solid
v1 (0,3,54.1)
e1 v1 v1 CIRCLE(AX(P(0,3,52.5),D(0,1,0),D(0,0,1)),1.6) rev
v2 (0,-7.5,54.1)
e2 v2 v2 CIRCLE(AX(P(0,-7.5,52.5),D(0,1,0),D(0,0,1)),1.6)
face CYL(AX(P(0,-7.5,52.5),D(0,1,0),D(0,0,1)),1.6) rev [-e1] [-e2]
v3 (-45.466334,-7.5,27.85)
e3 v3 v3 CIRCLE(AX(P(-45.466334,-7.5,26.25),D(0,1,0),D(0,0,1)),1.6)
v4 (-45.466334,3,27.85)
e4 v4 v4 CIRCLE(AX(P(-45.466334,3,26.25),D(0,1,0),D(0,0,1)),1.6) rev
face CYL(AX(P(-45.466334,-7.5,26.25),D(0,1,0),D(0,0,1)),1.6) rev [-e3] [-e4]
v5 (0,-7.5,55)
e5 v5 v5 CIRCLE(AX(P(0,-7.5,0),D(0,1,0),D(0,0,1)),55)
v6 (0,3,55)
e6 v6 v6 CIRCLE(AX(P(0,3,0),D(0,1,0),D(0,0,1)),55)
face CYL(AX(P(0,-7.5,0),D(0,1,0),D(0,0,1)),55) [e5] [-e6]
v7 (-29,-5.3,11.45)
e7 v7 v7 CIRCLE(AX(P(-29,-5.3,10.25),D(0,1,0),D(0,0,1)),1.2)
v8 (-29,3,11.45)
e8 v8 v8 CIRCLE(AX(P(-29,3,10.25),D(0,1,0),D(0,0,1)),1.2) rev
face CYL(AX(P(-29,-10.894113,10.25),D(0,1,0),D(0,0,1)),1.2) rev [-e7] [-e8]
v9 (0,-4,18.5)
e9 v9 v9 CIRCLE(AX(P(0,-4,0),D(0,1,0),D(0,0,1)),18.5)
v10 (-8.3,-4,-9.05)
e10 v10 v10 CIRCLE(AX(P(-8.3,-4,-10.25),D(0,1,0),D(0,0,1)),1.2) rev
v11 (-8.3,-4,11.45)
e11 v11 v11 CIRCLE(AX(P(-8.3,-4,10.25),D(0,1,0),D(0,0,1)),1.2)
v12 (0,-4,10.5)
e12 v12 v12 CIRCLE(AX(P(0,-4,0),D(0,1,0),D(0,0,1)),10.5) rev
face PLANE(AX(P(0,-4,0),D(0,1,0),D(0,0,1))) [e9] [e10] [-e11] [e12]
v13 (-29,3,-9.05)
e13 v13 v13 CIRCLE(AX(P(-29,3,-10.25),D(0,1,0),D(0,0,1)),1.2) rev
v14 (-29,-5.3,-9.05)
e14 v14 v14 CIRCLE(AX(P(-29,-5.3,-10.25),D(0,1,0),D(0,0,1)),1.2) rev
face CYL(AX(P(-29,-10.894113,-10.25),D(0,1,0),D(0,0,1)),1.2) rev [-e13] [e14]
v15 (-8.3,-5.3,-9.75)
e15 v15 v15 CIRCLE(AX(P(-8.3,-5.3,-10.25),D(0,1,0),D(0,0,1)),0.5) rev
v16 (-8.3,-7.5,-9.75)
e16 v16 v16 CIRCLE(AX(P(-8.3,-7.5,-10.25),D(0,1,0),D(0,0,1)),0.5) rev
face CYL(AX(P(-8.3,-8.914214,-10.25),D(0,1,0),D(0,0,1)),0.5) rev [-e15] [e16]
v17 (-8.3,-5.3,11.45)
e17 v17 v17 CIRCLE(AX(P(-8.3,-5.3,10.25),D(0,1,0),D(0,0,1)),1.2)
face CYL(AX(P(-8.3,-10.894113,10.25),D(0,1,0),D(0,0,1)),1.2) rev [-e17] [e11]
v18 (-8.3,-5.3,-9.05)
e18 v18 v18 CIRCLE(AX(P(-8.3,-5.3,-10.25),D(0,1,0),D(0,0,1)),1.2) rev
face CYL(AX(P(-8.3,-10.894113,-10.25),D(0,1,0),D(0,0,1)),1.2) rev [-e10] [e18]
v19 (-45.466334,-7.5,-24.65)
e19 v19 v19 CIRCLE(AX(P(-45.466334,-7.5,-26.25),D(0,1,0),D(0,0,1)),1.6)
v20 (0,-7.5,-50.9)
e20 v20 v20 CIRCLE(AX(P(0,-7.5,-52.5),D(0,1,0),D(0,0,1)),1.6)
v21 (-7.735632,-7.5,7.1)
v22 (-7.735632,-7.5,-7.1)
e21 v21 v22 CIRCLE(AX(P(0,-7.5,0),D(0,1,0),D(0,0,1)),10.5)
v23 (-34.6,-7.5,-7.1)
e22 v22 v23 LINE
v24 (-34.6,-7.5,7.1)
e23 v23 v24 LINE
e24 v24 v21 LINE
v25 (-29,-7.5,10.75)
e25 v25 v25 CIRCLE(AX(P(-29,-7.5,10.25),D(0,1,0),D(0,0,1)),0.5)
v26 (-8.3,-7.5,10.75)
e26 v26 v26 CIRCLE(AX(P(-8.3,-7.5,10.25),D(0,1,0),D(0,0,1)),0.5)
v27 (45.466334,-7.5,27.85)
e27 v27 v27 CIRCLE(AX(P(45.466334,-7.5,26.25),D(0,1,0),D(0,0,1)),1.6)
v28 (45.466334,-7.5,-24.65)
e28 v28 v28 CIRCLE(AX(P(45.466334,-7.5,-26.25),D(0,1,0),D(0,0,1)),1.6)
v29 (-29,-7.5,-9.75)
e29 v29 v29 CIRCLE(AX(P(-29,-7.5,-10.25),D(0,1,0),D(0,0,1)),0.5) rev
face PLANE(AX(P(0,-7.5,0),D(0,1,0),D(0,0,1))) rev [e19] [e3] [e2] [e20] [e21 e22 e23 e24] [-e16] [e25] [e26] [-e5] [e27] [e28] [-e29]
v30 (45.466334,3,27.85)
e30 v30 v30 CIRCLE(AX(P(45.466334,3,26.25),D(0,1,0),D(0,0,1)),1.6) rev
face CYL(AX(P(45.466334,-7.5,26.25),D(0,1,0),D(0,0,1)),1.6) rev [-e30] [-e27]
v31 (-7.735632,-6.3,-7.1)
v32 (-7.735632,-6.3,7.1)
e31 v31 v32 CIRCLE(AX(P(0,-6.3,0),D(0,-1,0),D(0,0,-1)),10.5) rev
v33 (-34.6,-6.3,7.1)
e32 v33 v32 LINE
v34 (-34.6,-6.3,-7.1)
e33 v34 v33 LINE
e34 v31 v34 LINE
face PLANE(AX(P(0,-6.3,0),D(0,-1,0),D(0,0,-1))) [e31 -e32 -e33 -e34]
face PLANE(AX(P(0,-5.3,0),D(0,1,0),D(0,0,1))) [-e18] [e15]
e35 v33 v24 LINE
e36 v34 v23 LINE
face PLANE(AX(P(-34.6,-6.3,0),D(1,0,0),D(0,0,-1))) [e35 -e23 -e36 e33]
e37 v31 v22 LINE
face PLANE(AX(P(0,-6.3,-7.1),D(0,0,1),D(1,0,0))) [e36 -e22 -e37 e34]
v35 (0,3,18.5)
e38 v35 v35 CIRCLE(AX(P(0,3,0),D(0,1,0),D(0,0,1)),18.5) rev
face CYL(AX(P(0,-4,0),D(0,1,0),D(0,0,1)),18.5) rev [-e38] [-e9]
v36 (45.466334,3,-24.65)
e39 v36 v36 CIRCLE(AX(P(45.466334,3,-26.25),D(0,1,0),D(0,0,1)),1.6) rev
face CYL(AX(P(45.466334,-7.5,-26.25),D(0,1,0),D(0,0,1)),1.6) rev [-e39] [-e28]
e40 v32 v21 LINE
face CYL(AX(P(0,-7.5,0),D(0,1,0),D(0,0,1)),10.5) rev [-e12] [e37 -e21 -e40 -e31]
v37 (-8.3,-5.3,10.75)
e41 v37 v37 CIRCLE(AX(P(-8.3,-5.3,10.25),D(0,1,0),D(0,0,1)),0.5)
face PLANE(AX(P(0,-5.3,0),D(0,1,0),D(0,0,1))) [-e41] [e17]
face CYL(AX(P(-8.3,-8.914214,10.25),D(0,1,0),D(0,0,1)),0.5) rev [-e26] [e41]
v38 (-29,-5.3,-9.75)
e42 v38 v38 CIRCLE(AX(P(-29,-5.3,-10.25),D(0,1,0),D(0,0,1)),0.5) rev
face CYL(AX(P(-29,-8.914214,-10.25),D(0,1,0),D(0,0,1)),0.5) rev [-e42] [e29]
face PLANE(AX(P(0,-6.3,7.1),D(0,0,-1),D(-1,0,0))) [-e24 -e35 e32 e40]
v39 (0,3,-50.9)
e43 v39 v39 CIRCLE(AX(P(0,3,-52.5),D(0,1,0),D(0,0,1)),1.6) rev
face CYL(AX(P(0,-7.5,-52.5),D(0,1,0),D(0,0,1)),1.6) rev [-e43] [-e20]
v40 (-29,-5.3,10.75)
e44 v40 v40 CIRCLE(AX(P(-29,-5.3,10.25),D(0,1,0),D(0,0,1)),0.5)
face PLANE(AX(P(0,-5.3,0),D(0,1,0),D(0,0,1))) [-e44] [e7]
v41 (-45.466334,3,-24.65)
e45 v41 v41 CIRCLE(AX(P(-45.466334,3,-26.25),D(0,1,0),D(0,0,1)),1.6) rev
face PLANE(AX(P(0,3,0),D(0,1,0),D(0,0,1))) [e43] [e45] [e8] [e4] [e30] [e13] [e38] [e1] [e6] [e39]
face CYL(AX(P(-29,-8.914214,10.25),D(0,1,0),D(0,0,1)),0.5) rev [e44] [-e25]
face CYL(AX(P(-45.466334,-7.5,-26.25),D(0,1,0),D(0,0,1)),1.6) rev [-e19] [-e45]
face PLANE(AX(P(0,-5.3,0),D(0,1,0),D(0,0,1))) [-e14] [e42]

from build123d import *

# Parameters (mm, degrees)
SKETCH1_R           = 55
SKETCH1_R_2         = 50
SKETCH1_R_3         = 1.6
BOSS_EXTRUDE1_DEPTH = 7.5
SKETCH2_3_R         = 50
SKETCH2_3_R_2       = 10.5
BOSS_EXTRUDE2_DEPTH = 7.5
SKETCH2_R           = 0.5
CUT_EXTRUDE1_DEPTH  = 7.5
SKETCH2_3_2_R       = 1.2
SKETCH2_3_2_R_2     = 0.5
CUT_EXTRUDE2_DEPTH  = 5.3
CUT_EXTRUDE3_START  = -1.2
CUT_EXTRUDE3_DEPTH  = 1.2
SKETCH4_R           = 18.5
CUT_EXTRUDE4_DEPTH  = 4
BOSS_EXTRUDE3_START = 3
SKETCH5_R           = 55
SKETCH5_R_2         = 18.5
SKETCH5_R_3         = 1.6
SKETCH5_R_4         = 1.2
BOSS_EXTRUDE3_DEPTH = 3


with BuildPart() as part:
    # Sketch1 → Boss-Extrude1 (new body)
    with BuildSketch(Plane(origin=(0, 0, 0), x_dir=(1, 0, 0), z_dir=(0, 1, 0))):
        with Locations(Location((0, 0, 0), (0, 0, 270))):
            Circle(SKETCH1_R)
        with Locations(Location((0, 0, 0), (0, 0, 270))):
            Circle(SKETCH1_R_2, mode=Mode.SUBTRACT)
        with Locations(Location((0, 52.5, 0), (0, 0, 270))):
            Circle(SKETCH1_R_3, mode=Mode.SUBTRACT)
        with Locations(Location((45.466333699, 26.25, 0), (0, 0, 270))):
            Circle(SKETCH1_R_3, mode=Mode.SUBTRACT)
        with Locations(Location((45.466333699, -26.25, 0), (0, 0, 270))):
            Circle(SKETCH1_R_3, mode=Mode.SUBTRACT)
        with Locations(Location((0, -52.5, 0), (0, 0, 270))):
            Circle(SKETCH1_R_3, mode=Mode.SUBTRACT)
        with Locations(Location((-45.466333699, -26.25, 0), (0, 0, 270))):
            Circle(SKETCH1_R_3, mode=Mode.SUBTRACT)
        with Locations(Location((-45.466333699, 26.25, 0), (0, 0, 270))):
            Circle(SKETCH1_R_3, mode=Mode.SUBTRACT)
    extrude(amount=-BOSS_EXTRUDE1_DEPTH)

    # Sketch2_3 → Boss-Extrude2 (add)
    with BuildSketch(Plane(origin=(0, 0, 0), x_dir=(1, 0, 0), z_dir=(0, 1, 0))):
        Circle(SKETCH2_3_R)
        with Locations(Location((0, 0, 0), (0, 0, 270))):
            Circle(SKETCH2_3_R_2, mode=Mode.SUBTRACT)
    extrude(amount=-BOSS_EXTRUDE2_DEPTH)

    # Sketch2 → Cut-Extrude1 (cut)
    with BuildSketch(Plane(origin=(0, 0, 0), x_dir=(1, 0, 0), z_dir=(0, 1, 0))):
        with Locations(Location((-29, 10.25, 0), (0, 0, 270))):
            Circle(SKETCH2_R)
        with Locations(Location((-8.3, 10.25, 0), (0, 0, 270))):
            Circle(SKETCH2_R)
        with Locations(Location((-8.3, -10.25, 0), (0, 0, 270))):
            Circle(SKETCH2_R)
        with Locations(Location((-29, -10.25, 0), (0, 0, 270))):
            Circle(SKETCH2_R)
    extrude(amount=-CUT_EXTRUDE1_DEPTH, mode=Mode.SUBTRACT)

    # Sketch2_3 2 → Cut-Extrude2 (cut)
    # profile 1 of 4: a face of its own
    with BuildSketch(Plane(origin=(0, 0, 0), x_dir=(1, 0, 0), z_dir=(0, 1, 0))):
        with Locations(Location((-29, 10.25, 0), (0, 0, 270))):
            Circle(SKETCH2_3_2_R)
        with Locations(Location((-29, 10.25, 0), (0, 0, 270))):
            Circle(SKETCH2_3_2_R_2, mode=Mode.SUBTRACT)
    # profile 2 of 4: a face of its own
    with BuildSketch(Plane(origin=(0, 0, 0), x_dir=(1, 0, 0), z_dir=(0, 1, 0))):
        with Locations(Location((-8.3, 10.25, 0), (0, 0, 270))):
            Circle(SKETCH2_3_2_R)
        with Locations(Location((-8.3, 10.25, 0), (0, 0, 270))):
            Circle(SKETCH2_3_2_R_2, mode=Mode.SUBTRACT)
    # profile 3 of 4: a face of its own
    with BuildSketch(Plane(origin=(0, 0, 0), x_dir=(1, 0, 0), z_dir=(0, 1, 0))):
        with Locations(Location((-8.3, -10.25, 0), (0, 0, 270))):
            Circle(SKETCH2_3_2_R)
        with Locations(Location((-8.3, -10.25, 0), (0, 0, 270))):
            Circle(SKETCH2_3_2_R_2, mode=Mode.SUBTRACT)
    # profile 4 of 4: a face of its own
    with BuildSketch(Plane(origin=(0, 0, 0), x_dir=(1, 0, 0), z_dir=(0, 1, 0))):
        with Locations(Location((-29, -10.25, 0), (0, 0, 270))):
            Circle(SKETCH2_3_2_R)
        with Locations(Location((-29, -10.25, 0), (0, 0, 270))):
            Circle(SKETCH2_3_2_R_2, mode=Mode.SUBTRACT)
    extrude(amount=-CUT_EXTRUDE2_DEPTH, mode=Mode.SUBTRACT)

    # Sketch3 → Cut-Extrude3 (cut)
    with BuildSketch(Plane.XZ.offset(7.5).offset(CUT_EXTRUDE3_START)):
        with BuildLine():
            Line((-34.6, 0), (-10.5, 0))
            ThreePointArc((-10.5, 0), (-9.784532036, 3.809584338), (-7.735631842, 7.1))
            Line((-7.735631842, 7.1), (-34.6, 7.1))
            Line((-34.6, 7.1), (-34.6, 0))
        make_face()
        with BuildLine():
            ThreePointArc((-7.735631842, -7.1), (-9.784532036, -3.809584338), (-10.5, 0))
            Line((-10.5, 0), (-34.6, 0))
            Line((-34.6, 0), (-34.6, -7.1))
            Line((-34.6, -7.1), (-7.735631842, -7.1))
        make_face()
    extrude(amount=CUT_EXTRUDE3_DEPTH, mode=Mode.SUBTRACT)

    # Sketch4 → Cut-Extrude4 (cut)
    with BuildSketch(Plane(origin=(0, 0, 0), x_dir=(1, 0, 0), z_dir=(0, 1, 0))):
        with Locations(Location((0, 0, 0), (0, 0, 270))):
            Circle(SKETCH4_R)
    extrude(amount=-CUT_EXTRUDE4_DEPTH, mode=Mode.SUBTRACT)

    # Sketch5 → Boss-Extrude3 (add)
    with BuildSketch(Plane(origin=(0, 0, 0), x_dir=(1, 0, 0), z_dir=(0, 1, 0)).offset(BOSS_EXTRUDE3_START)):
        with Locations(Location((0, 0, 0), (0, 0, 270))):
            Circle(SKETCH5_R)
        with Locations(Location((0, 0, 0), (0, 0, 270))):
            Circle(SKETCH5_R_2, mode=Mode.SUBTRACT)
        with Locations(Location((0, 52.5, 0), (0, 0, 270))):
            Circle(SKETCH5_R_3, mode=Mode.SUBTRACT)
        with Locations(Location((-45.466333699, -26.25, 0), (0, 0, 270))):
            Circle(SKETCH5_R_3, mode=Mode.SUBTRACT)
        with Locations(Location((45.466333699, -26.25, 0), (0, 0, 270))):
            Circle(SKETCH5_R_3, mode=Mode.SUBTRACT)
        with Locations(Location((-29, -10.25, 0), (0, 0, 270))):
            Circle(SKETCH5_R_4, mode=Mode.SUBTRACT)
        with Locations(Location((45.466333699, 26.25, 0), (0, 0, 270))):
            Circle(SKETCH5_R_3, mode=Mode.SUBTRACT)
        with Locations(Location((0, -52.5, 0), (0, 0, 270))):
            Circle(SKETCH5_R_3, mode=Mode.SUBTRACT)
        with Locations(Location((-45.466333699, 26.25, 0), (0, 0, 270))):
            Circle(SKETCH5_R_3, mode=Mode.SUBTRACT)
        with Locations(Location((-29, 10.25, 0), (0, 0, 270))):
            Circle(SKETCH5_R_4, mode=Mode.SUBTRACT)
    extrude(amount=-BOSS_EXTRUDE3_DEPTH)


solid = part.part
